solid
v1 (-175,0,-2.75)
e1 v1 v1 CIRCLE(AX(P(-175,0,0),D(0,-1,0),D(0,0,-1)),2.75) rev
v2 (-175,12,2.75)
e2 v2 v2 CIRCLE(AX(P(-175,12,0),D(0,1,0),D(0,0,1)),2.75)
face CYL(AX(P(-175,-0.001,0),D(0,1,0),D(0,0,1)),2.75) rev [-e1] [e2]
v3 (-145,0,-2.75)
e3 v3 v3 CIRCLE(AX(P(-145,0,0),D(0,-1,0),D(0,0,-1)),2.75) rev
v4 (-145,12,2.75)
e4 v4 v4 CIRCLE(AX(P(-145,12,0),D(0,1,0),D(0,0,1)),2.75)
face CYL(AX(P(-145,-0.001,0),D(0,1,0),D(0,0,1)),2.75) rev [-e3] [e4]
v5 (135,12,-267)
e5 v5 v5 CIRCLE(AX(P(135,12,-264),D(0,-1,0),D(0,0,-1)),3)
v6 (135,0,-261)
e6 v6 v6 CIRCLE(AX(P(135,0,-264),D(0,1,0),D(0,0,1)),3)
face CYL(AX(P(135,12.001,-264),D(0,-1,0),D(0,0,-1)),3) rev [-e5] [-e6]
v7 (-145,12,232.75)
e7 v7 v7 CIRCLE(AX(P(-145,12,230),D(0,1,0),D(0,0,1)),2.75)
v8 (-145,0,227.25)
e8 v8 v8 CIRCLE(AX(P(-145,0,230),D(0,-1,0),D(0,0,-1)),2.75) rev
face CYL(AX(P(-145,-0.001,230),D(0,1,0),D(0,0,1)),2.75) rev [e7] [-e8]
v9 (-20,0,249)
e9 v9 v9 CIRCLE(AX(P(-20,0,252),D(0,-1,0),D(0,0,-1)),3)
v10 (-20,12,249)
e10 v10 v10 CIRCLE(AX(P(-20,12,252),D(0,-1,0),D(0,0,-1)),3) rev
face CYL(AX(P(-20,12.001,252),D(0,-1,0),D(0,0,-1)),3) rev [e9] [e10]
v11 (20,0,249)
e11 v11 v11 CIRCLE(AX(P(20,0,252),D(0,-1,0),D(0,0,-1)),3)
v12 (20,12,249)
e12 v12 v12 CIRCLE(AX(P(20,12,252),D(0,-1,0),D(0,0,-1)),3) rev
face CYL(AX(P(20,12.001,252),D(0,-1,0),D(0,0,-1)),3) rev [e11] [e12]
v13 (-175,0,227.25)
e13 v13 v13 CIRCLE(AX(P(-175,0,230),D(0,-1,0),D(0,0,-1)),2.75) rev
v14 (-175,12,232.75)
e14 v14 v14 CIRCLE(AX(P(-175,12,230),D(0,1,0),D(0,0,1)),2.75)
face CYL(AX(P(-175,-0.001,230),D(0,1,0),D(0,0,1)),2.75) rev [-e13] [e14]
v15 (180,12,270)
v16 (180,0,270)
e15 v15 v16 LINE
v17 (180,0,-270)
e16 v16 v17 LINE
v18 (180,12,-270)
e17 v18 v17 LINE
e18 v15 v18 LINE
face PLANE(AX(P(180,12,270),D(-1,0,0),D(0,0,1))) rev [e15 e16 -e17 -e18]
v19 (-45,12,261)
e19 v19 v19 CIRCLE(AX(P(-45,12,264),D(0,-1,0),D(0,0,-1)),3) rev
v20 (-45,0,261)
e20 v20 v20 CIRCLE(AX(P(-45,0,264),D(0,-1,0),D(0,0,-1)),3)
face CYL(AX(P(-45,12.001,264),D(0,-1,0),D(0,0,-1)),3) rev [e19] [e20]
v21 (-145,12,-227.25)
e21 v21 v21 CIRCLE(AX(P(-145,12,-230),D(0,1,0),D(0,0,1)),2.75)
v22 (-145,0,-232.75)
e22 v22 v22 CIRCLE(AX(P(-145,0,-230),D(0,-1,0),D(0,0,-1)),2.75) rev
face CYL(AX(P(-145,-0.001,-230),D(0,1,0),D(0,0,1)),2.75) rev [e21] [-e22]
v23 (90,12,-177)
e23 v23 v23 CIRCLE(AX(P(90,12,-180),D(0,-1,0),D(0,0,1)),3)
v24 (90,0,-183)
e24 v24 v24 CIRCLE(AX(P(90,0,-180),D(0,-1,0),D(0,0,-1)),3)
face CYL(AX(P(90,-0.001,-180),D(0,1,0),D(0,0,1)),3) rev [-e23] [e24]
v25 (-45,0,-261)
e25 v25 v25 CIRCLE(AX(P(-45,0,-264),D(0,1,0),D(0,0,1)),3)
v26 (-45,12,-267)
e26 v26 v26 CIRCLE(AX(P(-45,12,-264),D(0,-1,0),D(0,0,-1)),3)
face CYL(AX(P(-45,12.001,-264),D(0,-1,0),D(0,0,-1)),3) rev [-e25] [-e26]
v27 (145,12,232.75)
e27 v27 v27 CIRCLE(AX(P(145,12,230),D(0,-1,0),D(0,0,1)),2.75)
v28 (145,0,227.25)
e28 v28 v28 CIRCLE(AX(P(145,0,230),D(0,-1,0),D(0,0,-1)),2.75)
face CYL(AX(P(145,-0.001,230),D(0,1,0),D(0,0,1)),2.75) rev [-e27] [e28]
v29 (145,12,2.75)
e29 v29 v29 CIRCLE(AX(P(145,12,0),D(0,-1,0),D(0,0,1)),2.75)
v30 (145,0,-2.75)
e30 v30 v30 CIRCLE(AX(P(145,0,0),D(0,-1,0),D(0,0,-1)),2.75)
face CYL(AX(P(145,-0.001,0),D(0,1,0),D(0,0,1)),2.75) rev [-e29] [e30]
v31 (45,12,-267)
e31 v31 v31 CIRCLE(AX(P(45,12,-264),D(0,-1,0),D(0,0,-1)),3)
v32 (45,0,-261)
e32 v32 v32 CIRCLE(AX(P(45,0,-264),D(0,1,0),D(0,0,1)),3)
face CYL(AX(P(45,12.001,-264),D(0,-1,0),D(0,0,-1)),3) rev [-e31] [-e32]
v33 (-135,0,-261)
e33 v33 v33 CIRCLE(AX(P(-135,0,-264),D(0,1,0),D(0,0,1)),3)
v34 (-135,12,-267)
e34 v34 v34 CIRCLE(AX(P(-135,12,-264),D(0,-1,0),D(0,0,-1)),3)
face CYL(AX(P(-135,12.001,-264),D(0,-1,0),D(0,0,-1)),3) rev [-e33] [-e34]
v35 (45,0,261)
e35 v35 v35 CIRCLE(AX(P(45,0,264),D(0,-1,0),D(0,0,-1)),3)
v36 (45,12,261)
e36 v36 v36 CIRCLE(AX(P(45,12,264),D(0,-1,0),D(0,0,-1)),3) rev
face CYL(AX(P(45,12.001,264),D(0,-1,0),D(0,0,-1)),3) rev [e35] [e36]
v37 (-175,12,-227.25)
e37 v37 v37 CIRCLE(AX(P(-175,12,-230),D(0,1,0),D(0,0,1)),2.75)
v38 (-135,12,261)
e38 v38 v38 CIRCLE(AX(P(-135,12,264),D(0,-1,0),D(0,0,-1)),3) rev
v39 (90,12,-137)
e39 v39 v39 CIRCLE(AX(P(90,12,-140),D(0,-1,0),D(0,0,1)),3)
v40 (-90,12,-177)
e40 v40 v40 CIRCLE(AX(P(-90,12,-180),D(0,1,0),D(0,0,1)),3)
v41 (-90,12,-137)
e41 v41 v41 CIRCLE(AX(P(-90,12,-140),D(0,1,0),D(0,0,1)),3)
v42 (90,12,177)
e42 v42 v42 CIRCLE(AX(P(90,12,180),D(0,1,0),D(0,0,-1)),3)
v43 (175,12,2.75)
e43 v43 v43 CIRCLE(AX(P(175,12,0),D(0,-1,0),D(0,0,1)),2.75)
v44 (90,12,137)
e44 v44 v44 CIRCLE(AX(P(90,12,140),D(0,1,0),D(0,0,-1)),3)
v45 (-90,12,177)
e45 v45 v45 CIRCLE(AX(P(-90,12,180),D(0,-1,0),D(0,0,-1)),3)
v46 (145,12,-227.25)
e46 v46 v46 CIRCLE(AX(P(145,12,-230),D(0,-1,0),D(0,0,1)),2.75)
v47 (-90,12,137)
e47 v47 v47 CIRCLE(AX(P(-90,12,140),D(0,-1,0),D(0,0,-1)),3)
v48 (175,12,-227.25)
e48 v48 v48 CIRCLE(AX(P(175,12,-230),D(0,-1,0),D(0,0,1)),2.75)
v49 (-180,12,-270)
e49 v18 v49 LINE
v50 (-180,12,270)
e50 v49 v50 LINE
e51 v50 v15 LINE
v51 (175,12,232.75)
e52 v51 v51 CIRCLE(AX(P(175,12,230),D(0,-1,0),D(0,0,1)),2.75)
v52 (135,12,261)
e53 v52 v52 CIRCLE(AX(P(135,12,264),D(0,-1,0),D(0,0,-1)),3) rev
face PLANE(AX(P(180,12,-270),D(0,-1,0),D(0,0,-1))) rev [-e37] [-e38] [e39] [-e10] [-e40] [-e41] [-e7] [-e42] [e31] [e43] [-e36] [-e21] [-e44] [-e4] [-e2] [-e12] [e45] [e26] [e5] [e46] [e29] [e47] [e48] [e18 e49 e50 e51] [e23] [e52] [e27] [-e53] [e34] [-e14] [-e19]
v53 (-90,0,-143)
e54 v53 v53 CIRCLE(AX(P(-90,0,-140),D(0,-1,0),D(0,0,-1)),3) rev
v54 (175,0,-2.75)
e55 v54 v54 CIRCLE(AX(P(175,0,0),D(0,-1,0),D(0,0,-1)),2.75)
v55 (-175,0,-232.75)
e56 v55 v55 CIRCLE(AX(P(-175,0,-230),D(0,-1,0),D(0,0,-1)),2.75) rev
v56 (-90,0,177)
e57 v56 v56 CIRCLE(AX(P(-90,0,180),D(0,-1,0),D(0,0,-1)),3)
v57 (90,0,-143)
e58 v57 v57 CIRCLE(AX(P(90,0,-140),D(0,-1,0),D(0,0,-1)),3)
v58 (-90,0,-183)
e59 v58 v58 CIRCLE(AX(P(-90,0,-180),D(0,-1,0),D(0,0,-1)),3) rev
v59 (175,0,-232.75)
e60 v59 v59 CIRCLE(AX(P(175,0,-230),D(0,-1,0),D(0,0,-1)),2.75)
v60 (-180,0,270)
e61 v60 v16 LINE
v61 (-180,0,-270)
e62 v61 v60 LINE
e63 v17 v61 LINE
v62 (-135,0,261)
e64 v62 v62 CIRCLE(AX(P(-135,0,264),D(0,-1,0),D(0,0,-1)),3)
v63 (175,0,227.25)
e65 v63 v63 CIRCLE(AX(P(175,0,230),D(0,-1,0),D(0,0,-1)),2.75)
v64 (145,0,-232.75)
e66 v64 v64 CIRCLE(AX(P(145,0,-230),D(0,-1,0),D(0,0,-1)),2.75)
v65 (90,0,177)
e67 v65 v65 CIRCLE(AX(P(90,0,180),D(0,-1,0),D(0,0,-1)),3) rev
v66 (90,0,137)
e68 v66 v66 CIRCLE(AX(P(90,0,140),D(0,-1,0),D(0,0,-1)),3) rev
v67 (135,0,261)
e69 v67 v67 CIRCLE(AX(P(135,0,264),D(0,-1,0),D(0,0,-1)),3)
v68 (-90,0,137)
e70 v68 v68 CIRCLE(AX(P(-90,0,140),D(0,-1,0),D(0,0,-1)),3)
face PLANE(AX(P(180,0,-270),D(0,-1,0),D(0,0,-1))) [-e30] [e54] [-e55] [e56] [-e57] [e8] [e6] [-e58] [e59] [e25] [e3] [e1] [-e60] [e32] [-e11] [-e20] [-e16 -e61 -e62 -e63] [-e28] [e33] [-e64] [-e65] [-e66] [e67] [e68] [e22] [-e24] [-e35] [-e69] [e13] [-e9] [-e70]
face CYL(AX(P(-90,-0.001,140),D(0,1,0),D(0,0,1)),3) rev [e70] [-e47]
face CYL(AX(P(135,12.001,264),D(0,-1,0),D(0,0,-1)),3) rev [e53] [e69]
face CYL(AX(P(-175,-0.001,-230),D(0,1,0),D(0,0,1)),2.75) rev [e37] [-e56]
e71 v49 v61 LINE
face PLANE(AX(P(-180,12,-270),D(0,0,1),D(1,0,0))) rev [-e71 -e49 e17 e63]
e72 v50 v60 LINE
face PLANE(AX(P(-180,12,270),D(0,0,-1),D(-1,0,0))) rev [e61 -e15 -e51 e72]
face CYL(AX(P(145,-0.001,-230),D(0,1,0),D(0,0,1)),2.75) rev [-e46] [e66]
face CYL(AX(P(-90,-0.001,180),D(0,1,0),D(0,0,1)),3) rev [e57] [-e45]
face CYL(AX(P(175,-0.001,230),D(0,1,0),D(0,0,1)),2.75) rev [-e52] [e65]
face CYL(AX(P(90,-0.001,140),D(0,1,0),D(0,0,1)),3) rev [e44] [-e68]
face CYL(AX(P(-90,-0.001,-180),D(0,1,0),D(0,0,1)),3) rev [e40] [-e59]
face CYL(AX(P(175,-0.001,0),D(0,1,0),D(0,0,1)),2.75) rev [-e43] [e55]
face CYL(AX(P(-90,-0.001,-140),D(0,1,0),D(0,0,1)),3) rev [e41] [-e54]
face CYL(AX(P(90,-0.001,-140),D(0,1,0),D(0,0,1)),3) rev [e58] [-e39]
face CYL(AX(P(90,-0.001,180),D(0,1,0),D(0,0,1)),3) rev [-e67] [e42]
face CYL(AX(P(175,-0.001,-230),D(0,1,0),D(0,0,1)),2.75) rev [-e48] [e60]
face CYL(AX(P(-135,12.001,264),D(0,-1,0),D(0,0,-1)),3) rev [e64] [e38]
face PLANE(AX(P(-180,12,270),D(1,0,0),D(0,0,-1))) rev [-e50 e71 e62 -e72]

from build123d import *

# Parameters (mm, degrees)
SKETCH1_W               = 360
SKETCH1_H               = 540
BOSS_EXTRUDE1_DEPTH     = 12
CUT_EXTRUDE1_REACH      = 326.721
SKETCH2_R               = 3
CUT_EXTRUDE2_REACH      = 326.721
SKETCH3_R               = 3
LPATTERN1_COUNT         = 4
LPATTERN1_PITCH         = 90
MIRROR1_COPY_1_REACH    = 326.721
MIRROR1_COPY_1_SKETCH_R = 3
MIRROR1_COPY_2_REACH    = 326.721
MIRROR1_COPY_2_SKETCH_R = 3
MIRROR1_COPY_3_REACH    = 326.721
MIRROR1_COPY_3_SKETCH_R = 3
CUT_EXTRUDE3_REACH      = 326.721
SKETCH4_R               = 2.75
LPATTERN2_COUNT         = 3
LPATTERN2_PITCH         = 230
MIRROR2_COPY_1_REACH    = 326.721
MIRROR2_COPY_1_SKETCH_R = 2.75
MIRROR2_COPY_2_REACH    = 326.721
MIRROR2_COPY_2_SKETCH_R = 2.75
CUT_EXTRUDE4_REACH      = 326.721
SKETCH6_R               = 3
MIRROR4_COPY_1_REACH    = 326.721
MIRROR4_COPY_1_SKETCH_R = 3


with BuildPart() as part:
    # Sketch1 → Boss-Extrude1 (new body)
    with BuildSketch(Plane(origin=(0, 0, 0), x_dir=(1, 0, 0), z_dir=(0, 1, 0))):
        Rectangle(SKETCH1_W, SKETCH1_H)
    extrude(amount=BOSS_EXTRUDE1_DEPTH)

    # Sketch2 → Cut-Extrude1 (cut, up to next)
    with BuildSketch(Plane.XZ, mode=Mode.PRIVATE) as cut_extrude1_sk1:
        with Locations(Location((-20, 252, 0), (0, 0, 270))):
            Circle(SKETCH2_R)
    cut_extrude1_tool1 = extrude(cut_extrude1_sk1.sketch, amount=-CUT_EXTRUDE1_REACH, mode=Mode.PRIVATE) & part.part
    # Sketch2 → Cut-Extrude1 (cut, up to next)
    with BuildSketch(Plane.XZ, mode=Mode.PRIVATE) as cut_extrude1_sk2:
        with Locations(Location((20, 252, 0), (0, 0, 270))):
            Circle(SKETCH2_R)
    cut_extrude1_tool2 = extrude(cut_extrude1_sk2.sketch, amount=-CUT_EXTRUDE1_REACH, mode=Mode.PRIVATE) & part.part
    add(cut_extrude1_tool1.solids().sort_by_distance((-20, 0, 252))[0], mode=Mode.SUBTRACT)
    add(cut_extrude1_tool2.solids().sort_by_distance((20, 0, 252))[0], mode=Mode.SUBTRACT)

    # Sketch3 → Cut-Extrude2 (cut, up to next)
    with BuildSketch(Plane.XZ, mode=Mode.PRIVATE) as cut_extrude2_sk1:
        with Locations(Location((135, 264, 0), (0, 0, 270))):
            Circle(SKETCH3_R)
    cut_extrude2_tool1 = extrude(cut_extrude2_sk1.sketch, amount=-CUT_EXTRUDE2_REACH, mode=Mode.PRIVATE) & part.part
    cut_extrude2 = cut_extrude2_tool1.solids().sort_by_distance((135, 0, 264))[0]
    add(cut_extrude2, mode=Mode.SUBTRACT)

    # LPattern1: Cut-Extrude2 ×4
    with Locations(*[(-i * LPATTERN1_PITCH, 0, 0) for i in range(1, LPATTERN1_COUNT)]):
        add(cut_extrude2, mode=Mode.SUBTRACT)

    # Mirror1: Cut-Extrude2 across plane
    add(cut_extrude2.mirror(Plane.XY), mode=Mode.SUBTRACT)

    # Mirror1 copy 1 sketch → Mirror1 copy 1 (cut, up to next)
    with BuildSketch(Plane(origin=(-90, 0, 0), x_dir=(1, 0, 0), z_dir=(0, -1, 0)), mode=Mode.PRIVATE) as mirror1_copy_1_sk1:
        with Locations((135, -264)):
            Circle(MIRROR1_COPY_1_SKETCH_R)
    mirror1_copy_1_tool1 = extrude(mirror1_copy_1_sk1.sketch, amount=-MIRROR1_COPY_1_REACH, mode=Mode.PRIVATE) & part.part
    add(mirror1_copy_1_tool1.solids().sort_by_distance((45, 0, -264))[0], mode=Mode.SUBTRACT)

    # Mirror1 copy 2 sketch → Mirror1 copy 2 (cut, up to next)
    with BuildSketch(Plane(origin=(-180, 0, 0), x_dir=(1, 0, 0), z_dir=(0, -1, 0)), mode=Mode.PRIVATE) as mirror1_copy_2_sk1:
        with Locations((135, -264)):
            Circle(MIRROR1_COPY_2_SKETCH_R)
    mirror1_copy_2_tool1 = extrude(mirror1_copy_2_sk1.sketch, amount=-MIRROR1_COPY_2_REACH, mode=Mode.PRIVATE) & part.part
    add(mirror1_copy_2_tool1.solids().sort_by_distance((-45, 0, -264))[0], mode=Mode.SUBTRACT)

    # Mirror1 copy 3 sketch → Mirror1 copy 3 (cut, up to next)
    with BuildSketch(Plane(origin=(-270, 0, 0), x_dir=(1, 0, 0), z_dir=(0, -1, 0)), mode=Mode.PRIVATE) as mirror1_copy_3_sk1:
        with Locations((135, -264)):
            Circle(MIRROR1_COPY_3_SKETCH_R)
    mirror1_copy_3_tool1 = extrude(mirror1_copy_3_sk1.sketch, amount=-MIRROR1_COPY_3_REACH, mode=Mode.PRIVATE) & part.part
    add(mirror1_copy_3_tool1.solids().sort_by_distance((-135, 0, -264))[0], mode=Mode.SUBTRACT)

    # Sketch4 → Cut-Extrude3 (cut, up to next)
    with BuildSketch(Plane(origin=(0, 12, 0), x_dir=(1, 0, 0), z_dir=(0, 1, 0)), mode=Mode.PRIVATE) as cut_extrude3_sk1:
        with Locations(Location((-175, 230, 0), (0, 0, 270))):
            Circle(SKETCH4_R)
    cut_extrude3_tool1 = extrude(cut_extrude3_sk1.sketch, amount=-CUT_EXTRUDE3_REACH, mode=Mode.PRIVATE) & part.part
    # Sketch4 → Cut-Extrude3 (cut, up to next)
    with BuildSketch(Plane(origin=(0, 12, 0), x_dir=(1, 0, 0), z_dir=(0, 1, 0)), mode=Mode.PRIVATE) as cut_extrude3_sk2:
        with Locations(Location((-145, 230, 0), (0, 0, 270))):
            Circle(SKETCH4_R)
    cut_extrude3_tool2 = extrude(cut_extrude3_sk2.sketch, amount=-CUT_EXTRUDE3_REACH, mode=Mode.PRIVATE) & part.part
    cut_extrude3_1 = cut_extrude3_tool1.solids().sort_by_distance((-175, 12, -230))[0]
    add(cut_extrude3_1, mode=Mode.SUBTRACT)
    cut_extrude3_2 = cut_extrude3_tool2.solids().sort_by_distance((-145, 12, -230))[0]
    add(cut_extrude3_2, mode=Mode.SUBTRACT)
    cut_extrude3 = cut_extrude3_1 + cut_extrude3_2  # Cut-Extrude3 as one shape, for the pattern or mirror that repeats it

    # LPattern2: Cut-Extrude3 ×3
    with Locations(*[(0, 0, i * LPATTERN2_PITCH) for i in range(1, LPATTERN2_COUNT)]):
        add(cut_extrude3, mode=Mode.SUBTRACT)

    # Mirror2: Cut-Extrude3 across plane
    add(cut_extrude3.mirror(Plane(origin=(0, 0, 0), x_dir=(0, 0, 1), z_dir=(1, 0, 0))), mode=Mode.SUBTRACT)

    # Mirror2 copy 1 sketch → Mirror2 copy 1 (cut, up to next)
    with BuildSketch(Plane(origin=(0, 12, 230), x_dir=(-1, 0, 0), z_dir=(0, 1, 0)), mode=Mode.PRIVATE) as mirror2_copy_1_sk1:
        with Locations((-175, -230)):
            Circle(MIRROR2_COPY_1_SKETCH_R)
    mirror2_copy_1_tool1 = extrude(mirror2_copy_1_sk1.sketch, amount=-MIRROR2_COPY_1_REACH, mode=Mode.PRIVATE) & part.part
    # Mirror2 copy 1 sketch → Mirror2 copy 1 (cut, up to next)
    with BuildSketch(Plane(origin=(0, 12, 230), x_dir=(-1, 0, 0), z_dir=(0, 1, 0)), mode=Mode.PRIVATE) as mirror2_copy_1_sk2:
        with Locations((-145, -230)):
            Circle(MIRROR2_COPY_1_SKETCH_R)
    mirror2_copy_1_tool2 = extrude(mirror2_copy_1_sk2.sketch, amount=-MIRROR2_COPY_1_REACH, mode=Mode.PRIVATE) & part.part
    add(mirror2_copy_1_tool1.solids().sort_by_distance((175, 12, 0))[0], mode=Mode.SUBTRACT)
    add(mirror2_copy_1_tool2.solids().sort_by_distance((145, 12, 0))[0], mode=Mode.SUBTRACT)

    # Mirror2 copy 2 sketch → Mirror2 copy 2 (cut, up to next)
    with BuildSketch(Plane(origin=(0, 12, 460), x_dir=(-1, 0, 0), z_dir=(0, 1, 0)), mode=Mode.PRIVATE) as mirror2_copy_2_sk1:
        with Locations((-175, -230)):
            Circle(MIRROR2_COPY_2_SKETCH_R)
    mirror2_copy_2_tool1 = extrude(mirror2_copy_2_sk1.sketch, amount=-MIRROR2_COPY_2_REACH, mode=Mode.PRIVATE) & part.part
    # Mirror2 copy 2 sketch → Mirror2 copy 2 (cut, up to next)
    with BuildSketch(Plane(origin=(0, 12, 460), x_dir=(-1, 0, 0), z_dir=(0, 1, 0)), mode=Mode.PRIVATE) as mirror2_copy_2_sk2:
        with Locations((-145, -230)):
            Circle(MIRROR2_COPY_2_SKETCH_R)
    mirror2_copy_2_tool2 = extrude(mirror2_copy_2_sk2.sketch, amount=-MIRROR2_COPY_2_REACH, mode=Mode.PRIVATE) & part.part
    add(mirror2_copy_2_tool1.solids().sort_by_distance((175, 12, 230))[0], mode=Mode.SUBTRACT)
    add(mirror2_copy_2_tool2.solids().sort_by_distance((145, 12, 230))[0], mode=Mode.SUBTRACT)

    # Sketch6 → Cut-Extrude4 (cut, up to next)
    with BuildSketch(Plane(origin=(0, 12, 0), x_dir=(1, 0, 0), z_dir=(0, 1, 0)), mode=Mode.PRIVATE) as cut_extrude4_sk1:
        with Locations(Location((-90, 180, 0), (0, 0, 270))):
            Circle(SKETCH6_R)
    cut_extrude4_tool1 = extrude(cut_extrude4_sk1.sketch, amount=-CUT_EXTRUDE4_REACH, mode=Mode.PRIVATE) & part.part
    # Sketch6 → Cut-Extrude4 (cut, up to next)
    with BuildSketch(Plane(origin=(0, 12, 0), x_dir=(1, 0, 0), z_dir=(0, 1, 0)), mode=Mode.PRIVATE) as cut_extrude4_sk2:
        with Locations(Location((-90, 140, 0), (0, 0, 270))):
            Circle(SKETCH6_R)
    cut_extrude4_tool2 = extrude(cut_extrude4_sk2.sketch, amount=-CUT_EXTRUDE4_REACH, mode=Mode.PRIVATE) & part.part
    cut_extrude4_1 = cut_extrude4_tool1.solids().sort_by_distance((-90, 12, -180))[0]
    add(cut_extrude4_1, mode=Mode.SUBTRACT)
    cut_extrude4_2 = cut_extrude4_tool2.solids().sort_by_distance((-90, 12, -140))[0]
    add(cut_extrude4_2, mode=Mode.SUBTRACT)
    cut_extrude4 = cut_extrude4_1 + cut_extrude4_2  # Cut-Extrude4 as one shape, for the pattern or mirror that repeats it

    # Mirror3: Cut-Extrude4 across plane
    add(cut_extrude4.mirror(Plane.XY), mode=Mode.SUBTRACT)

    # Mirror4: Cut-Extrude4 across plane
    add(cut_extrude4.mirror(Plane(origin=(0, 0, 0), x_dir=(0, 0, 1), z_dir=(1, 0, 0))), mode=Mode.SUBTRACT)

    # Mirror4 copy 1 sketch → Mirror4 copy 1 (cut, up to next)
    with BuildSketch(Plane(origin=(0, 12, 0), x_dir=(-1, 0, 0), z_dir=(0, 1, 0)), mode=Mode.PRIVATE) as mirror4_copy_1_sk1:
        with Locations(Location((-90, 180, 0), (0, 0, 270))):
            Circle(MIRROR4_COPY_1_SKETCH_R)
    mirror4_copy_1_tool1 = extrude(mirror4_copy_1_sk1.sketch, amount=-MIRROR4_COPY_1_REACH, mode=Mode.PRIVATE) & part.part
    # Mirror4 copy 1 sketch → Mirror4 copy 1 (cut, up to next)
    with BuildSketch(Plane(origin=(0, 12, 0), x_dir=(-1, 0, 0), z_dir=(0, 1, 0)), mode=Mode.PRIVATE) as mirror4_copy_1_sk2:
        with Locations(Location((-90, 140, 0), (0, 0, 270))):
            Circle(MIRROR4_COPY_1_SKETCH_R)
    mirror4_copy_1_tool2 = extrude(mirror4_copy_1_sk2.sketch, amount=-MIRROR4_COPY_1_REACH, mode=Mode.PRIVATE) & part.part
    add(mirror4_copy_1_tool1.solids().sort_by_distance((90, 12, 180))[0], mode=Mode.SUBTRACT)
    add(mirror4_copy_1_tool2.solids().sort_by_distance((90, 12, 140))[0], mode=Mode.SUBTRACT)


solid = part.part
